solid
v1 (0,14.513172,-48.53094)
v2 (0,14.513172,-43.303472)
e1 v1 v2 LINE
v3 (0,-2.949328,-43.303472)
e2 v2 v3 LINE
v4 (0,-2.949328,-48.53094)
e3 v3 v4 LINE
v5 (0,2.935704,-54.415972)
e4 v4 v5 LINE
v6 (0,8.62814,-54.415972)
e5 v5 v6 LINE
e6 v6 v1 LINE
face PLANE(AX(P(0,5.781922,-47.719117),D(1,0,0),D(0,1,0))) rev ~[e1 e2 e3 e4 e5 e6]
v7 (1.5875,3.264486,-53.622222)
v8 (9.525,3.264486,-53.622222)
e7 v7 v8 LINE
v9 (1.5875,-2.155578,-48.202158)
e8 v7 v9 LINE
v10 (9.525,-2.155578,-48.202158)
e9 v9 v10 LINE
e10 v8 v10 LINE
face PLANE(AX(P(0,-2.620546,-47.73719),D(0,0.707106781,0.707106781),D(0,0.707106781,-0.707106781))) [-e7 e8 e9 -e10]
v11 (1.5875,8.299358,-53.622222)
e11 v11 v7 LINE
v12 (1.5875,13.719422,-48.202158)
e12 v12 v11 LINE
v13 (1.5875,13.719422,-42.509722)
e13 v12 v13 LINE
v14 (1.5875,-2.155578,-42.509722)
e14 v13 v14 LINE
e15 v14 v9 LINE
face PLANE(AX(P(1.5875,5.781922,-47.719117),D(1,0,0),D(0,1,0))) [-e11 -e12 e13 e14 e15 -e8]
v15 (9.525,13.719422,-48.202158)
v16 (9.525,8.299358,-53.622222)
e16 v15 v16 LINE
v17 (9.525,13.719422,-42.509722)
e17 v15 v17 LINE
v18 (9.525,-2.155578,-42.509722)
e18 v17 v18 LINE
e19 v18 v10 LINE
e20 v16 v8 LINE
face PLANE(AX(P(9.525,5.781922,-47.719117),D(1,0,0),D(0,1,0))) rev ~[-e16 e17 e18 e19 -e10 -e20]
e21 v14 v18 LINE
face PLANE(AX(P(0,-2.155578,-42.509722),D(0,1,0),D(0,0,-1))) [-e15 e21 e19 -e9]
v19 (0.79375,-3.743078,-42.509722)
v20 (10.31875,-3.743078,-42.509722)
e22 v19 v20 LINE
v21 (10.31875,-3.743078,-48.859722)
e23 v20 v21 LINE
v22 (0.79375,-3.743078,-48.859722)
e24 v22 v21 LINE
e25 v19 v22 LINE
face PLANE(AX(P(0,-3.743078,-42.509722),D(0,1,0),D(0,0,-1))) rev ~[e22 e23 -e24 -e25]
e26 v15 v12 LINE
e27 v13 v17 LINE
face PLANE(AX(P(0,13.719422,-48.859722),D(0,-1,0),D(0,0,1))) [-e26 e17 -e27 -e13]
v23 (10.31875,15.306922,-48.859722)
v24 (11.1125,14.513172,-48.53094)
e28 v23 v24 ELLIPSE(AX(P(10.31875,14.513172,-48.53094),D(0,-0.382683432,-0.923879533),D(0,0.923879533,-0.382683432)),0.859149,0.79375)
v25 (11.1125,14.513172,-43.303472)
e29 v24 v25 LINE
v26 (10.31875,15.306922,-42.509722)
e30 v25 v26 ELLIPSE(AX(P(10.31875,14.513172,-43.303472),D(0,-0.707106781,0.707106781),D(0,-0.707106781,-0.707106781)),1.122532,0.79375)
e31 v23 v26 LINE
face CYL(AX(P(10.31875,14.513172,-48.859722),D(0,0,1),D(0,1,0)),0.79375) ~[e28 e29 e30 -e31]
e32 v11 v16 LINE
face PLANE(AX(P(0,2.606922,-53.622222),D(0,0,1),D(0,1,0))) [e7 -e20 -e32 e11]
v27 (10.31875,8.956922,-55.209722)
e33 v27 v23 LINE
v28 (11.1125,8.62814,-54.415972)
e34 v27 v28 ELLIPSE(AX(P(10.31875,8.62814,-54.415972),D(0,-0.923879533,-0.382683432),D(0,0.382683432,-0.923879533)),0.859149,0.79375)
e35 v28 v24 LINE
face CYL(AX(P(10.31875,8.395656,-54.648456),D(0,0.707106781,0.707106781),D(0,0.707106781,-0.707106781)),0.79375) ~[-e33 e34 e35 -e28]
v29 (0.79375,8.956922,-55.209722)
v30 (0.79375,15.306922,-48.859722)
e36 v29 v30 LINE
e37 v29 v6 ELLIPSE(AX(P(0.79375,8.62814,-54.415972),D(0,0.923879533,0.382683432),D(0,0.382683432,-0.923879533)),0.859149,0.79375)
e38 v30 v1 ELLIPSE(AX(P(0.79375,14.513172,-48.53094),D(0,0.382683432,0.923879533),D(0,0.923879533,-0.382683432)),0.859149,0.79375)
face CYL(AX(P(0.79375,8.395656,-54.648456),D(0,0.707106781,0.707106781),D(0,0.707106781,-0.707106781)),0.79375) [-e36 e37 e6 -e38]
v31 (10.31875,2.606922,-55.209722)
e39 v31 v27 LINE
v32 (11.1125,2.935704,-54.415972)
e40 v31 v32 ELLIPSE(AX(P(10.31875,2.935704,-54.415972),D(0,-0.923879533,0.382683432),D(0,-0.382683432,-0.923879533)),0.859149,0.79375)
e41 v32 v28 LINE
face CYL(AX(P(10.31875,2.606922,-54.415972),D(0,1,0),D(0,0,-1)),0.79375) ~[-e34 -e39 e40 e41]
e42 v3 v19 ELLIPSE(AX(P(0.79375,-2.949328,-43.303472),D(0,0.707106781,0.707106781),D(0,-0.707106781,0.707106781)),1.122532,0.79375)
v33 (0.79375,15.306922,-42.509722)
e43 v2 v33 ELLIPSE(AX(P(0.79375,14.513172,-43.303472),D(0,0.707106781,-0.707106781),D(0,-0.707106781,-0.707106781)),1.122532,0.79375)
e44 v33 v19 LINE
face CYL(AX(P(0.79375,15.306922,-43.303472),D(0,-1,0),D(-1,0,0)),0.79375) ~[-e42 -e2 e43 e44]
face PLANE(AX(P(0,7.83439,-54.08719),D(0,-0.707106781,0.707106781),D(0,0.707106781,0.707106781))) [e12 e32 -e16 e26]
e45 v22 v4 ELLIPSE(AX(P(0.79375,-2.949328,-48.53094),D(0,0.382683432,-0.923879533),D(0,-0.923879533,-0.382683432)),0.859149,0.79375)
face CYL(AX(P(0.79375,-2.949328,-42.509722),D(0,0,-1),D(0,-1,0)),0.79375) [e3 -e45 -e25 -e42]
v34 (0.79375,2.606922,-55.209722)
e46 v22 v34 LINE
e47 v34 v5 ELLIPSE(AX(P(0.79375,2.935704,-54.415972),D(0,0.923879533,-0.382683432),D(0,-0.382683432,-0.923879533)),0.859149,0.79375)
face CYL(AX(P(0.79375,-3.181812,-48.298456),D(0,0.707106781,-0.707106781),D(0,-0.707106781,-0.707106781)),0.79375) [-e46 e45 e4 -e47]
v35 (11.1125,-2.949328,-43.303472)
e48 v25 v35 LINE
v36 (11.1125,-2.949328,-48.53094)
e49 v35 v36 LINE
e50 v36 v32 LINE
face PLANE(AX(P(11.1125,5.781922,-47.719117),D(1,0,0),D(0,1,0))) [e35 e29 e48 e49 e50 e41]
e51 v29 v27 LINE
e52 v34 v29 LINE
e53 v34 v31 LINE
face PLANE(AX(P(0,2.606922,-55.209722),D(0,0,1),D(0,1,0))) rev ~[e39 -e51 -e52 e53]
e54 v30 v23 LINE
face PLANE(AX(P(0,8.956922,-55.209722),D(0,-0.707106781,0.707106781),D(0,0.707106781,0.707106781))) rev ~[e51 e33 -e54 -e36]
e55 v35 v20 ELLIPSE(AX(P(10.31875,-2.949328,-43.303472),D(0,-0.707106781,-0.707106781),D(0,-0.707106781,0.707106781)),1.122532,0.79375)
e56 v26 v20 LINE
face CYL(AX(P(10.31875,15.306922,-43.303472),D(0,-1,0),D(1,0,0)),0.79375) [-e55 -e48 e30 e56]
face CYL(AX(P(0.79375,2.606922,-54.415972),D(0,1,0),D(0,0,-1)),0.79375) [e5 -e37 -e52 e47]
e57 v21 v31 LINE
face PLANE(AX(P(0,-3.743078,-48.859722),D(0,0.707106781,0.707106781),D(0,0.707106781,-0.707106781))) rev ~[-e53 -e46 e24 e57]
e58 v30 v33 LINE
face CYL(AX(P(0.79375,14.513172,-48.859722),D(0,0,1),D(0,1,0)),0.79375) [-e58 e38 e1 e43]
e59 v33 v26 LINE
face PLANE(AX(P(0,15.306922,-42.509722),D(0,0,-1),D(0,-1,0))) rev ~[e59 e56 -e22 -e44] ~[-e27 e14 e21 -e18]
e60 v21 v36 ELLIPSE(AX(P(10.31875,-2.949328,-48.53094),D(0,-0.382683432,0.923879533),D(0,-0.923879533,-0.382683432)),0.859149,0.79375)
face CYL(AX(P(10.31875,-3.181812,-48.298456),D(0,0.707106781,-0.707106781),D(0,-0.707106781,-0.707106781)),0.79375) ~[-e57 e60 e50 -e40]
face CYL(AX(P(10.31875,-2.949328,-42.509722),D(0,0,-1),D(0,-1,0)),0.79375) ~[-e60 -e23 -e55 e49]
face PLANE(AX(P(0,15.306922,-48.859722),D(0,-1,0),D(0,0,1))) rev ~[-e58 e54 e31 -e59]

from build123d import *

# Parameters (mm, degrees)
F1_DEPTH = 11.1125
F2_T     = -1.5875
F3_R     = 0.79375


with BuildPart() as f1:
    # F0 (on Right) → F1 (new body)
    with BuildSketch(Plane.YZ):
        Polygon((15.306922, -42.509722), (-3.743078, -42.509722), (-3.743078, -48.859722), (2.606922, -55.209722), (8.956922, -55.209722), (15.306922, -48.859722), align=None)
    extrude(amount=F1_DEPTH)

    # F2
    f2_openings = [f1.faces().sort_by_distance(p)[0] for p in [
        (5.55625, 5.781922, -42.509722),
    ]]
    offset(amount=F2_T, openings=f2_openings)

    # F3
    f3_edges = [f1.edges().sort_by_distance(p)[0] for p in [
        (11.1125, 5.781922, -42.509722),
        (11.1125, -3.743078, -45.684722),
        (11.1125, -0.568078, -52.034722),
        (11.1125, 5.781922, -55.209722),
        (11.1125, 12.131922, -52.034722),
        (11.1125, 15.306922, -45.684722),
        (0, 5.781922, -42.509722),
        (0, -3.743078, -45.684722),
        (0, -0.568078, -52.034722),
        (0, 5.781922, -55.209722),
        (0, 12.131922, -52.034722),
        (0, 15.306922, -45.684722),
    ]]
    fillet(f3_edges, radius=F3_R)


solid = f1.part
